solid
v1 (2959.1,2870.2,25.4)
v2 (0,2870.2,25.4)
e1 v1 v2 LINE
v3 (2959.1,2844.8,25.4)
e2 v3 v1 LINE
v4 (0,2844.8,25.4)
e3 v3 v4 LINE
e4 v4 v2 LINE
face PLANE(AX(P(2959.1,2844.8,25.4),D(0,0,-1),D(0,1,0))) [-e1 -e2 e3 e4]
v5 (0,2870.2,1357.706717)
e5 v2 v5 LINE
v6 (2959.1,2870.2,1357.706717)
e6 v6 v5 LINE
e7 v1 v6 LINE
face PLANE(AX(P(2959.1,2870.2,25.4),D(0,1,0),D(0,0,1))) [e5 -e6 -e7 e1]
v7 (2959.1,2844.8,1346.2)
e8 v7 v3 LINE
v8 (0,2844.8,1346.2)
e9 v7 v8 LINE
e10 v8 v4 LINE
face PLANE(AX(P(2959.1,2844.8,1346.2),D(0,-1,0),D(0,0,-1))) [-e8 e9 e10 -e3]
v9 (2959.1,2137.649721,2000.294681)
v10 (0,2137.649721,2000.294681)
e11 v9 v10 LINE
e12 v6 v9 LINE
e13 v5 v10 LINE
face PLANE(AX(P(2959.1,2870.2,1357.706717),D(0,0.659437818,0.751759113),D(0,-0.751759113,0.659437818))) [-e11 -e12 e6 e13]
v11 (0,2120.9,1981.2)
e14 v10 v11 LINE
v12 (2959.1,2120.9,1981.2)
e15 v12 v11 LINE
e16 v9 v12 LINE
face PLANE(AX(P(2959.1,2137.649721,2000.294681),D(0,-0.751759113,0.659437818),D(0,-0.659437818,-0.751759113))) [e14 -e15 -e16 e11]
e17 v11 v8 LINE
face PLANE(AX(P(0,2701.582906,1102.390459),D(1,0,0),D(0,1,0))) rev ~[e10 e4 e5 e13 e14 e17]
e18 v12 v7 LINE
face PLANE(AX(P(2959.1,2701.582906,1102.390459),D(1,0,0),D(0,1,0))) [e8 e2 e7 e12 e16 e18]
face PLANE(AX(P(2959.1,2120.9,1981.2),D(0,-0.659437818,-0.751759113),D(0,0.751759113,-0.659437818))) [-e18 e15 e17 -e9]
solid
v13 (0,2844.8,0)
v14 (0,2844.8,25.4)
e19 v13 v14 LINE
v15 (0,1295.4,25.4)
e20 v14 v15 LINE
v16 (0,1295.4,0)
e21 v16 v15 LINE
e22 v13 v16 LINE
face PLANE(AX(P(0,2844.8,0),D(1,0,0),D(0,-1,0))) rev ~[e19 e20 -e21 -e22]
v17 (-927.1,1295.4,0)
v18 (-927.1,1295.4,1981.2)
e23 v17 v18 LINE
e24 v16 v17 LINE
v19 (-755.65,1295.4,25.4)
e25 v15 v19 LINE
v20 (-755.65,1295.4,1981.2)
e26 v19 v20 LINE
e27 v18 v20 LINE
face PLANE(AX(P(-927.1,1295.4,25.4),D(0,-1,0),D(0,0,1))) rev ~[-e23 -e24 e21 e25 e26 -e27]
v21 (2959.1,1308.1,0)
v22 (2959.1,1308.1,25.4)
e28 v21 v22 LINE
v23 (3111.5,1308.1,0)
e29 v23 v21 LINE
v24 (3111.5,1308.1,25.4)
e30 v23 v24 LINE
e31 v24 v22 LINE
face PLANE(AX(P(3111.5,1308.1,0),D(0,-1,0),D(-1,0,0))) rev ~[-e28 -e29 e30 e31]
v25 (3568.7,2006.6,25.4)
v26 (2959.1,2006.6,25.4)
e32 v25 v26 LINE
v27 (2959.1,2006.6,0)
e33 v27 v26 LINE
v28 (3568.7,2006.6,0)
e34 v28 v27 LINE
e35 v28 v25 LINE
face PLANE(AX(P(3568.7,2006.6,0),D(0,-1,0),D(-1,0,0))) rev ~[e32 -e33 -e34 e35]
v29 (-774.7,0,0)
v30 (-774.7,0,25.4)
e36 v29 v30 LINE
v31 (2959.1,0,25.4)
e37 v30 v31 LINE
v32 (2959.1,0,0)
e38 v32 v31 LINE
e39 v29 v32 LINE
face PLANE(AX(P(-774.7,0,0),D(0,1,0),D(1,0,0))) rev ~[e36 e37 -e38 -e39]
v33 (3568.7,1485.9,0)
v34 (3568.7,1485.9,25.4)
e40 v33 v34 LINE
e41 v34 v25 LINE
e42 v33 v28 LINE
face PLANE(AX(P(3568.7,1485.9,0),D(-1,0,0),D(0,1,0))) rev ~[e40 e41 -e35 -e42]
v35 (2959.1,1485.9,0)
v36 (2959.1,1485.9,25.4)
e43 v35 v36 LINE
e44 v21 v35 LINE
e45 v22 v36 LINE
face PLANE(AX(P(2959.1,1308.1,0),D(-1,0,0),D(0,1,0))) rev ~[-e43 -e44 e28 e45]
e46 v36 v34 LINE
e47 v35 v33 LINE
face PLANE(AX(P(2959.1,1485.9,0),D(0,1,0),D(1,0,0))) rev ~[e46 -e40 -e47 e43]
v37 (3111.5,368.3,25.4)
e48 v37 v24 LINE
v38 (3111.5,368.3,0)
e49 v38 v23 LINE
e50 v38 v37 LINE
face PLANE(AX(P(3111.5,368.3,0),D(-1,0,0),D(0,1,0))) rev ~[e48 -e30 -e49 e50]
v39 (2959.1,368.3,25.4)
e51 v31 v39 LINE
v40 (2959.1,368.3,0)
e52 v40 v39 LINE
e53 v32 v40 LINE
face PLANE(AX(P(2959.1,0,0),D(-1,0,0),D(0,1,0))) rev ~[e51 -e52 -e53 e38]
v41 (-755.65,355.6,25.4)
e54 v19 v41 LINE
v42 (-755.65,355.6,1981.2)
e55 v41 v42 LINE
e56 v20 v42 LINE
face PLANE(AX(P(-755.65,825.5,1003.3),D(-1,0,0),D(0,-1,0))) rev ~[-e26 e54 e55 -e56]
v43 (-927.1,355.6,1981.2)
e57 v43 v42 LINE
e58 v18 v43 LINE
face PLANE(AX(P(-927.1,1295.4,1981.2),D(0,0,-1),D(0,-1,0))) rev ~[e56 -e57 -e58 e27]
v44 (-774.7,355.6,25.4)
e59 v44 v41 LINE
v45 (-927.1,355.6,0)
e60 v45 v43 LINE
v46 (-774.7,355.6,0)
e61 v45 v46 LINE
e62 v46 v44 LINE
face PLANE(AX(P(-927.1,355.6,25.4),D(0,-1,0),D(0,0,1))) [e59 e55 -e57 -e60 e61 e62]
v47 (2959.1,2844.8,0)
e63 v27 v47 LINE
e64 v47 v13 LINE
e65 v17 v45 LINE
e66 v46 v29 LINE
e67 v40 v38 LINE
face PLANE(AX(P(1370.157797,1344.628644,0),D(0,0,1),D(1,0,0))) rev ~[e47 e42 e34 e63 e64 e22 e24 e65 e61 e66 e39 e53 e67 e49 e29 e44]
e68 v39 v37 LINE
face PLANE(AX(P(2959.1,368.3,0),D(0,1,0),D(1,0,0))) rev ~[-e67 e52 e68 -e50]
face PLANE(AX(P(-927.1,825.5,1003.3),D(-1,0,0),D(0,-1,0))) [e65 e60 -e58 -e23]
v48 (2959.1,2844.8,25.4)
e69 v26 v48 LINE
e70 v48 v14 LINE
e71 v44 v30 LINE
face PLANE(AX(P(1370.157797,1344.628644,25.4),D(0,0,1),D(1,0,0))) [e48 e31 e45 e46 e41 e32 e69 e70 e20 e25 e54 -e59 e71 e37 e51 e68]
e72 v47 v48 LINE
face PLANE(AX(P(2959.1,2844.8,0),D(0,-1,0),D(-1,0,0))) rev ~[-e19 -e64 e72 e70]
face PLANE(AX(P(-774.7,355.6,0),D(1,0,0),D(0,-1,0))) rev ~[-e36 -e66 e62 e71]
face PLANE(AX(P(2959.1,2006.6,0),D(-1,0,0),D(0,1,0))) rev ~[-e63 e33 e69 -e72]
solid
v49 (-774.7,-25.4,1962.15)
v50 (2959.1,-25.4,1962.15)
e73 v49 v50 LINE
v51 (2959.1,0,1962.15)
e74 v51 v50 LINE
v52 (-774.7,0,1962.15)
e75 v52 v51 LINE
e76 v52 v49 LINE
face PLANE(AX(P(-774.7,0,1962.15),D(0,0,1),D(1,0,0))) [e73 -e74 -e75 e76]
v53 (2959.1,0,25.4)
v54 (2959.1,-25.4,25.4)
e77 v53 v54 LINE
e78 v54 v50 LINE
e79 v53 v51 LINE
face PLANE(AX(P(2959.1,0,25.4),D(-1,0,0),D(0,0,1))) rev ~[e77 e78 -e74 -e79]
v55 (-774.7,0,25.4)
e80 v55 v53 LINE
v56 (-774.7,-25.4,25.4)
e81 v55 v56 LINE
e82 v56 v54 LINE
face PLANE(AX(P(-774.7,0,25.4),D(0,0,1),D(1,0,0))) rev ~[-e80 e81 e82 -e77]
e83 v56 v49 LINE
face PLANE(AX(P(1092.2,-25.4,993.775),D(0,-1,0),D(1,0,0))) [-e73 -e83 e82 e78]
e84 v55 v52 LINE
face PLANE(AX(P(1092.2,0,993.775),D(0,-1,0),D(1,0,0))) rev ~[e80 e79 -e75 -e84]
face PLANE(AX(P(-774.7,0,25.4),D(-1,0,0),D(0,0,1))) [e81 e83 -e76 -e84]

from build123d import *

# Parameters (mm, degrees)
F1_DEPTH = 25.4
F2_W     = 3733.8
F2_H     = 1936.75
F3_DEPTH = 25.4
F4_W     = 939.8
F4_H     = 1955.8
F5_DEPTH = 171.45
F7_DEPTH = 2959.1


with BuildPart() as f1:
    # F0 (on Top) → F1 (new body)
    with BuildSketch(Plane.XY):
        Polygon((2959.1, 2844.8), (0, 2844.8), (0, 1295.4), (-927.1, 1295.4), (-927.1, 355.6), (-774.7, 355.6), (-774.7, 0), (2959.1, 0), (2959.1, 368.3), (3111.5, 368.3), (3111.5, 1308.1), (2959.1, 1308.1), (2959.1, 1485.9), (3568.7, 1485.9), (3568.7, 2006.6), (2959.1, 2006.6), align=None)
    extrude(amount=F1_DEPTH)

    # F4 (on face) → F5 (join)
    with BuildSketch(Plane(origin=(-927.1, 0, 0), x_dir=(0, -1, 0), z_dir=(-1, 0, 0))):
        with Locations((-825.5, 1003.3)):
            Rectangle(F4_W, F4_H)
    extrude(amount=-F5_DEPTH)


with BuildPart() as f3:
    # F2 (on face) → F3 (new body)
    with BuildSketch(Plane.XZ):
        with Locations((1092.2, 993.775)):
            Rectangle(F2_W, F2_H)
    extrude(amount=F3_DEPTH)


with BuildPart() as f7:
    # F6 (on face) → F7 (new body)
    with BuildSketch(Plane.YZ.offset(2959.1)):
        Polygon((2844.8, 1346.2), (2844.8, 25.4), (2870.2, 25.4), (2870.2, 1357.7067170678), (2137.649720585, 2000.2946814669), (2120.9, 1981.2), align=None)
    extrude(amount=-F7_DEPTH)


solid = Compound([f1.part, f3.part, f7.part])
